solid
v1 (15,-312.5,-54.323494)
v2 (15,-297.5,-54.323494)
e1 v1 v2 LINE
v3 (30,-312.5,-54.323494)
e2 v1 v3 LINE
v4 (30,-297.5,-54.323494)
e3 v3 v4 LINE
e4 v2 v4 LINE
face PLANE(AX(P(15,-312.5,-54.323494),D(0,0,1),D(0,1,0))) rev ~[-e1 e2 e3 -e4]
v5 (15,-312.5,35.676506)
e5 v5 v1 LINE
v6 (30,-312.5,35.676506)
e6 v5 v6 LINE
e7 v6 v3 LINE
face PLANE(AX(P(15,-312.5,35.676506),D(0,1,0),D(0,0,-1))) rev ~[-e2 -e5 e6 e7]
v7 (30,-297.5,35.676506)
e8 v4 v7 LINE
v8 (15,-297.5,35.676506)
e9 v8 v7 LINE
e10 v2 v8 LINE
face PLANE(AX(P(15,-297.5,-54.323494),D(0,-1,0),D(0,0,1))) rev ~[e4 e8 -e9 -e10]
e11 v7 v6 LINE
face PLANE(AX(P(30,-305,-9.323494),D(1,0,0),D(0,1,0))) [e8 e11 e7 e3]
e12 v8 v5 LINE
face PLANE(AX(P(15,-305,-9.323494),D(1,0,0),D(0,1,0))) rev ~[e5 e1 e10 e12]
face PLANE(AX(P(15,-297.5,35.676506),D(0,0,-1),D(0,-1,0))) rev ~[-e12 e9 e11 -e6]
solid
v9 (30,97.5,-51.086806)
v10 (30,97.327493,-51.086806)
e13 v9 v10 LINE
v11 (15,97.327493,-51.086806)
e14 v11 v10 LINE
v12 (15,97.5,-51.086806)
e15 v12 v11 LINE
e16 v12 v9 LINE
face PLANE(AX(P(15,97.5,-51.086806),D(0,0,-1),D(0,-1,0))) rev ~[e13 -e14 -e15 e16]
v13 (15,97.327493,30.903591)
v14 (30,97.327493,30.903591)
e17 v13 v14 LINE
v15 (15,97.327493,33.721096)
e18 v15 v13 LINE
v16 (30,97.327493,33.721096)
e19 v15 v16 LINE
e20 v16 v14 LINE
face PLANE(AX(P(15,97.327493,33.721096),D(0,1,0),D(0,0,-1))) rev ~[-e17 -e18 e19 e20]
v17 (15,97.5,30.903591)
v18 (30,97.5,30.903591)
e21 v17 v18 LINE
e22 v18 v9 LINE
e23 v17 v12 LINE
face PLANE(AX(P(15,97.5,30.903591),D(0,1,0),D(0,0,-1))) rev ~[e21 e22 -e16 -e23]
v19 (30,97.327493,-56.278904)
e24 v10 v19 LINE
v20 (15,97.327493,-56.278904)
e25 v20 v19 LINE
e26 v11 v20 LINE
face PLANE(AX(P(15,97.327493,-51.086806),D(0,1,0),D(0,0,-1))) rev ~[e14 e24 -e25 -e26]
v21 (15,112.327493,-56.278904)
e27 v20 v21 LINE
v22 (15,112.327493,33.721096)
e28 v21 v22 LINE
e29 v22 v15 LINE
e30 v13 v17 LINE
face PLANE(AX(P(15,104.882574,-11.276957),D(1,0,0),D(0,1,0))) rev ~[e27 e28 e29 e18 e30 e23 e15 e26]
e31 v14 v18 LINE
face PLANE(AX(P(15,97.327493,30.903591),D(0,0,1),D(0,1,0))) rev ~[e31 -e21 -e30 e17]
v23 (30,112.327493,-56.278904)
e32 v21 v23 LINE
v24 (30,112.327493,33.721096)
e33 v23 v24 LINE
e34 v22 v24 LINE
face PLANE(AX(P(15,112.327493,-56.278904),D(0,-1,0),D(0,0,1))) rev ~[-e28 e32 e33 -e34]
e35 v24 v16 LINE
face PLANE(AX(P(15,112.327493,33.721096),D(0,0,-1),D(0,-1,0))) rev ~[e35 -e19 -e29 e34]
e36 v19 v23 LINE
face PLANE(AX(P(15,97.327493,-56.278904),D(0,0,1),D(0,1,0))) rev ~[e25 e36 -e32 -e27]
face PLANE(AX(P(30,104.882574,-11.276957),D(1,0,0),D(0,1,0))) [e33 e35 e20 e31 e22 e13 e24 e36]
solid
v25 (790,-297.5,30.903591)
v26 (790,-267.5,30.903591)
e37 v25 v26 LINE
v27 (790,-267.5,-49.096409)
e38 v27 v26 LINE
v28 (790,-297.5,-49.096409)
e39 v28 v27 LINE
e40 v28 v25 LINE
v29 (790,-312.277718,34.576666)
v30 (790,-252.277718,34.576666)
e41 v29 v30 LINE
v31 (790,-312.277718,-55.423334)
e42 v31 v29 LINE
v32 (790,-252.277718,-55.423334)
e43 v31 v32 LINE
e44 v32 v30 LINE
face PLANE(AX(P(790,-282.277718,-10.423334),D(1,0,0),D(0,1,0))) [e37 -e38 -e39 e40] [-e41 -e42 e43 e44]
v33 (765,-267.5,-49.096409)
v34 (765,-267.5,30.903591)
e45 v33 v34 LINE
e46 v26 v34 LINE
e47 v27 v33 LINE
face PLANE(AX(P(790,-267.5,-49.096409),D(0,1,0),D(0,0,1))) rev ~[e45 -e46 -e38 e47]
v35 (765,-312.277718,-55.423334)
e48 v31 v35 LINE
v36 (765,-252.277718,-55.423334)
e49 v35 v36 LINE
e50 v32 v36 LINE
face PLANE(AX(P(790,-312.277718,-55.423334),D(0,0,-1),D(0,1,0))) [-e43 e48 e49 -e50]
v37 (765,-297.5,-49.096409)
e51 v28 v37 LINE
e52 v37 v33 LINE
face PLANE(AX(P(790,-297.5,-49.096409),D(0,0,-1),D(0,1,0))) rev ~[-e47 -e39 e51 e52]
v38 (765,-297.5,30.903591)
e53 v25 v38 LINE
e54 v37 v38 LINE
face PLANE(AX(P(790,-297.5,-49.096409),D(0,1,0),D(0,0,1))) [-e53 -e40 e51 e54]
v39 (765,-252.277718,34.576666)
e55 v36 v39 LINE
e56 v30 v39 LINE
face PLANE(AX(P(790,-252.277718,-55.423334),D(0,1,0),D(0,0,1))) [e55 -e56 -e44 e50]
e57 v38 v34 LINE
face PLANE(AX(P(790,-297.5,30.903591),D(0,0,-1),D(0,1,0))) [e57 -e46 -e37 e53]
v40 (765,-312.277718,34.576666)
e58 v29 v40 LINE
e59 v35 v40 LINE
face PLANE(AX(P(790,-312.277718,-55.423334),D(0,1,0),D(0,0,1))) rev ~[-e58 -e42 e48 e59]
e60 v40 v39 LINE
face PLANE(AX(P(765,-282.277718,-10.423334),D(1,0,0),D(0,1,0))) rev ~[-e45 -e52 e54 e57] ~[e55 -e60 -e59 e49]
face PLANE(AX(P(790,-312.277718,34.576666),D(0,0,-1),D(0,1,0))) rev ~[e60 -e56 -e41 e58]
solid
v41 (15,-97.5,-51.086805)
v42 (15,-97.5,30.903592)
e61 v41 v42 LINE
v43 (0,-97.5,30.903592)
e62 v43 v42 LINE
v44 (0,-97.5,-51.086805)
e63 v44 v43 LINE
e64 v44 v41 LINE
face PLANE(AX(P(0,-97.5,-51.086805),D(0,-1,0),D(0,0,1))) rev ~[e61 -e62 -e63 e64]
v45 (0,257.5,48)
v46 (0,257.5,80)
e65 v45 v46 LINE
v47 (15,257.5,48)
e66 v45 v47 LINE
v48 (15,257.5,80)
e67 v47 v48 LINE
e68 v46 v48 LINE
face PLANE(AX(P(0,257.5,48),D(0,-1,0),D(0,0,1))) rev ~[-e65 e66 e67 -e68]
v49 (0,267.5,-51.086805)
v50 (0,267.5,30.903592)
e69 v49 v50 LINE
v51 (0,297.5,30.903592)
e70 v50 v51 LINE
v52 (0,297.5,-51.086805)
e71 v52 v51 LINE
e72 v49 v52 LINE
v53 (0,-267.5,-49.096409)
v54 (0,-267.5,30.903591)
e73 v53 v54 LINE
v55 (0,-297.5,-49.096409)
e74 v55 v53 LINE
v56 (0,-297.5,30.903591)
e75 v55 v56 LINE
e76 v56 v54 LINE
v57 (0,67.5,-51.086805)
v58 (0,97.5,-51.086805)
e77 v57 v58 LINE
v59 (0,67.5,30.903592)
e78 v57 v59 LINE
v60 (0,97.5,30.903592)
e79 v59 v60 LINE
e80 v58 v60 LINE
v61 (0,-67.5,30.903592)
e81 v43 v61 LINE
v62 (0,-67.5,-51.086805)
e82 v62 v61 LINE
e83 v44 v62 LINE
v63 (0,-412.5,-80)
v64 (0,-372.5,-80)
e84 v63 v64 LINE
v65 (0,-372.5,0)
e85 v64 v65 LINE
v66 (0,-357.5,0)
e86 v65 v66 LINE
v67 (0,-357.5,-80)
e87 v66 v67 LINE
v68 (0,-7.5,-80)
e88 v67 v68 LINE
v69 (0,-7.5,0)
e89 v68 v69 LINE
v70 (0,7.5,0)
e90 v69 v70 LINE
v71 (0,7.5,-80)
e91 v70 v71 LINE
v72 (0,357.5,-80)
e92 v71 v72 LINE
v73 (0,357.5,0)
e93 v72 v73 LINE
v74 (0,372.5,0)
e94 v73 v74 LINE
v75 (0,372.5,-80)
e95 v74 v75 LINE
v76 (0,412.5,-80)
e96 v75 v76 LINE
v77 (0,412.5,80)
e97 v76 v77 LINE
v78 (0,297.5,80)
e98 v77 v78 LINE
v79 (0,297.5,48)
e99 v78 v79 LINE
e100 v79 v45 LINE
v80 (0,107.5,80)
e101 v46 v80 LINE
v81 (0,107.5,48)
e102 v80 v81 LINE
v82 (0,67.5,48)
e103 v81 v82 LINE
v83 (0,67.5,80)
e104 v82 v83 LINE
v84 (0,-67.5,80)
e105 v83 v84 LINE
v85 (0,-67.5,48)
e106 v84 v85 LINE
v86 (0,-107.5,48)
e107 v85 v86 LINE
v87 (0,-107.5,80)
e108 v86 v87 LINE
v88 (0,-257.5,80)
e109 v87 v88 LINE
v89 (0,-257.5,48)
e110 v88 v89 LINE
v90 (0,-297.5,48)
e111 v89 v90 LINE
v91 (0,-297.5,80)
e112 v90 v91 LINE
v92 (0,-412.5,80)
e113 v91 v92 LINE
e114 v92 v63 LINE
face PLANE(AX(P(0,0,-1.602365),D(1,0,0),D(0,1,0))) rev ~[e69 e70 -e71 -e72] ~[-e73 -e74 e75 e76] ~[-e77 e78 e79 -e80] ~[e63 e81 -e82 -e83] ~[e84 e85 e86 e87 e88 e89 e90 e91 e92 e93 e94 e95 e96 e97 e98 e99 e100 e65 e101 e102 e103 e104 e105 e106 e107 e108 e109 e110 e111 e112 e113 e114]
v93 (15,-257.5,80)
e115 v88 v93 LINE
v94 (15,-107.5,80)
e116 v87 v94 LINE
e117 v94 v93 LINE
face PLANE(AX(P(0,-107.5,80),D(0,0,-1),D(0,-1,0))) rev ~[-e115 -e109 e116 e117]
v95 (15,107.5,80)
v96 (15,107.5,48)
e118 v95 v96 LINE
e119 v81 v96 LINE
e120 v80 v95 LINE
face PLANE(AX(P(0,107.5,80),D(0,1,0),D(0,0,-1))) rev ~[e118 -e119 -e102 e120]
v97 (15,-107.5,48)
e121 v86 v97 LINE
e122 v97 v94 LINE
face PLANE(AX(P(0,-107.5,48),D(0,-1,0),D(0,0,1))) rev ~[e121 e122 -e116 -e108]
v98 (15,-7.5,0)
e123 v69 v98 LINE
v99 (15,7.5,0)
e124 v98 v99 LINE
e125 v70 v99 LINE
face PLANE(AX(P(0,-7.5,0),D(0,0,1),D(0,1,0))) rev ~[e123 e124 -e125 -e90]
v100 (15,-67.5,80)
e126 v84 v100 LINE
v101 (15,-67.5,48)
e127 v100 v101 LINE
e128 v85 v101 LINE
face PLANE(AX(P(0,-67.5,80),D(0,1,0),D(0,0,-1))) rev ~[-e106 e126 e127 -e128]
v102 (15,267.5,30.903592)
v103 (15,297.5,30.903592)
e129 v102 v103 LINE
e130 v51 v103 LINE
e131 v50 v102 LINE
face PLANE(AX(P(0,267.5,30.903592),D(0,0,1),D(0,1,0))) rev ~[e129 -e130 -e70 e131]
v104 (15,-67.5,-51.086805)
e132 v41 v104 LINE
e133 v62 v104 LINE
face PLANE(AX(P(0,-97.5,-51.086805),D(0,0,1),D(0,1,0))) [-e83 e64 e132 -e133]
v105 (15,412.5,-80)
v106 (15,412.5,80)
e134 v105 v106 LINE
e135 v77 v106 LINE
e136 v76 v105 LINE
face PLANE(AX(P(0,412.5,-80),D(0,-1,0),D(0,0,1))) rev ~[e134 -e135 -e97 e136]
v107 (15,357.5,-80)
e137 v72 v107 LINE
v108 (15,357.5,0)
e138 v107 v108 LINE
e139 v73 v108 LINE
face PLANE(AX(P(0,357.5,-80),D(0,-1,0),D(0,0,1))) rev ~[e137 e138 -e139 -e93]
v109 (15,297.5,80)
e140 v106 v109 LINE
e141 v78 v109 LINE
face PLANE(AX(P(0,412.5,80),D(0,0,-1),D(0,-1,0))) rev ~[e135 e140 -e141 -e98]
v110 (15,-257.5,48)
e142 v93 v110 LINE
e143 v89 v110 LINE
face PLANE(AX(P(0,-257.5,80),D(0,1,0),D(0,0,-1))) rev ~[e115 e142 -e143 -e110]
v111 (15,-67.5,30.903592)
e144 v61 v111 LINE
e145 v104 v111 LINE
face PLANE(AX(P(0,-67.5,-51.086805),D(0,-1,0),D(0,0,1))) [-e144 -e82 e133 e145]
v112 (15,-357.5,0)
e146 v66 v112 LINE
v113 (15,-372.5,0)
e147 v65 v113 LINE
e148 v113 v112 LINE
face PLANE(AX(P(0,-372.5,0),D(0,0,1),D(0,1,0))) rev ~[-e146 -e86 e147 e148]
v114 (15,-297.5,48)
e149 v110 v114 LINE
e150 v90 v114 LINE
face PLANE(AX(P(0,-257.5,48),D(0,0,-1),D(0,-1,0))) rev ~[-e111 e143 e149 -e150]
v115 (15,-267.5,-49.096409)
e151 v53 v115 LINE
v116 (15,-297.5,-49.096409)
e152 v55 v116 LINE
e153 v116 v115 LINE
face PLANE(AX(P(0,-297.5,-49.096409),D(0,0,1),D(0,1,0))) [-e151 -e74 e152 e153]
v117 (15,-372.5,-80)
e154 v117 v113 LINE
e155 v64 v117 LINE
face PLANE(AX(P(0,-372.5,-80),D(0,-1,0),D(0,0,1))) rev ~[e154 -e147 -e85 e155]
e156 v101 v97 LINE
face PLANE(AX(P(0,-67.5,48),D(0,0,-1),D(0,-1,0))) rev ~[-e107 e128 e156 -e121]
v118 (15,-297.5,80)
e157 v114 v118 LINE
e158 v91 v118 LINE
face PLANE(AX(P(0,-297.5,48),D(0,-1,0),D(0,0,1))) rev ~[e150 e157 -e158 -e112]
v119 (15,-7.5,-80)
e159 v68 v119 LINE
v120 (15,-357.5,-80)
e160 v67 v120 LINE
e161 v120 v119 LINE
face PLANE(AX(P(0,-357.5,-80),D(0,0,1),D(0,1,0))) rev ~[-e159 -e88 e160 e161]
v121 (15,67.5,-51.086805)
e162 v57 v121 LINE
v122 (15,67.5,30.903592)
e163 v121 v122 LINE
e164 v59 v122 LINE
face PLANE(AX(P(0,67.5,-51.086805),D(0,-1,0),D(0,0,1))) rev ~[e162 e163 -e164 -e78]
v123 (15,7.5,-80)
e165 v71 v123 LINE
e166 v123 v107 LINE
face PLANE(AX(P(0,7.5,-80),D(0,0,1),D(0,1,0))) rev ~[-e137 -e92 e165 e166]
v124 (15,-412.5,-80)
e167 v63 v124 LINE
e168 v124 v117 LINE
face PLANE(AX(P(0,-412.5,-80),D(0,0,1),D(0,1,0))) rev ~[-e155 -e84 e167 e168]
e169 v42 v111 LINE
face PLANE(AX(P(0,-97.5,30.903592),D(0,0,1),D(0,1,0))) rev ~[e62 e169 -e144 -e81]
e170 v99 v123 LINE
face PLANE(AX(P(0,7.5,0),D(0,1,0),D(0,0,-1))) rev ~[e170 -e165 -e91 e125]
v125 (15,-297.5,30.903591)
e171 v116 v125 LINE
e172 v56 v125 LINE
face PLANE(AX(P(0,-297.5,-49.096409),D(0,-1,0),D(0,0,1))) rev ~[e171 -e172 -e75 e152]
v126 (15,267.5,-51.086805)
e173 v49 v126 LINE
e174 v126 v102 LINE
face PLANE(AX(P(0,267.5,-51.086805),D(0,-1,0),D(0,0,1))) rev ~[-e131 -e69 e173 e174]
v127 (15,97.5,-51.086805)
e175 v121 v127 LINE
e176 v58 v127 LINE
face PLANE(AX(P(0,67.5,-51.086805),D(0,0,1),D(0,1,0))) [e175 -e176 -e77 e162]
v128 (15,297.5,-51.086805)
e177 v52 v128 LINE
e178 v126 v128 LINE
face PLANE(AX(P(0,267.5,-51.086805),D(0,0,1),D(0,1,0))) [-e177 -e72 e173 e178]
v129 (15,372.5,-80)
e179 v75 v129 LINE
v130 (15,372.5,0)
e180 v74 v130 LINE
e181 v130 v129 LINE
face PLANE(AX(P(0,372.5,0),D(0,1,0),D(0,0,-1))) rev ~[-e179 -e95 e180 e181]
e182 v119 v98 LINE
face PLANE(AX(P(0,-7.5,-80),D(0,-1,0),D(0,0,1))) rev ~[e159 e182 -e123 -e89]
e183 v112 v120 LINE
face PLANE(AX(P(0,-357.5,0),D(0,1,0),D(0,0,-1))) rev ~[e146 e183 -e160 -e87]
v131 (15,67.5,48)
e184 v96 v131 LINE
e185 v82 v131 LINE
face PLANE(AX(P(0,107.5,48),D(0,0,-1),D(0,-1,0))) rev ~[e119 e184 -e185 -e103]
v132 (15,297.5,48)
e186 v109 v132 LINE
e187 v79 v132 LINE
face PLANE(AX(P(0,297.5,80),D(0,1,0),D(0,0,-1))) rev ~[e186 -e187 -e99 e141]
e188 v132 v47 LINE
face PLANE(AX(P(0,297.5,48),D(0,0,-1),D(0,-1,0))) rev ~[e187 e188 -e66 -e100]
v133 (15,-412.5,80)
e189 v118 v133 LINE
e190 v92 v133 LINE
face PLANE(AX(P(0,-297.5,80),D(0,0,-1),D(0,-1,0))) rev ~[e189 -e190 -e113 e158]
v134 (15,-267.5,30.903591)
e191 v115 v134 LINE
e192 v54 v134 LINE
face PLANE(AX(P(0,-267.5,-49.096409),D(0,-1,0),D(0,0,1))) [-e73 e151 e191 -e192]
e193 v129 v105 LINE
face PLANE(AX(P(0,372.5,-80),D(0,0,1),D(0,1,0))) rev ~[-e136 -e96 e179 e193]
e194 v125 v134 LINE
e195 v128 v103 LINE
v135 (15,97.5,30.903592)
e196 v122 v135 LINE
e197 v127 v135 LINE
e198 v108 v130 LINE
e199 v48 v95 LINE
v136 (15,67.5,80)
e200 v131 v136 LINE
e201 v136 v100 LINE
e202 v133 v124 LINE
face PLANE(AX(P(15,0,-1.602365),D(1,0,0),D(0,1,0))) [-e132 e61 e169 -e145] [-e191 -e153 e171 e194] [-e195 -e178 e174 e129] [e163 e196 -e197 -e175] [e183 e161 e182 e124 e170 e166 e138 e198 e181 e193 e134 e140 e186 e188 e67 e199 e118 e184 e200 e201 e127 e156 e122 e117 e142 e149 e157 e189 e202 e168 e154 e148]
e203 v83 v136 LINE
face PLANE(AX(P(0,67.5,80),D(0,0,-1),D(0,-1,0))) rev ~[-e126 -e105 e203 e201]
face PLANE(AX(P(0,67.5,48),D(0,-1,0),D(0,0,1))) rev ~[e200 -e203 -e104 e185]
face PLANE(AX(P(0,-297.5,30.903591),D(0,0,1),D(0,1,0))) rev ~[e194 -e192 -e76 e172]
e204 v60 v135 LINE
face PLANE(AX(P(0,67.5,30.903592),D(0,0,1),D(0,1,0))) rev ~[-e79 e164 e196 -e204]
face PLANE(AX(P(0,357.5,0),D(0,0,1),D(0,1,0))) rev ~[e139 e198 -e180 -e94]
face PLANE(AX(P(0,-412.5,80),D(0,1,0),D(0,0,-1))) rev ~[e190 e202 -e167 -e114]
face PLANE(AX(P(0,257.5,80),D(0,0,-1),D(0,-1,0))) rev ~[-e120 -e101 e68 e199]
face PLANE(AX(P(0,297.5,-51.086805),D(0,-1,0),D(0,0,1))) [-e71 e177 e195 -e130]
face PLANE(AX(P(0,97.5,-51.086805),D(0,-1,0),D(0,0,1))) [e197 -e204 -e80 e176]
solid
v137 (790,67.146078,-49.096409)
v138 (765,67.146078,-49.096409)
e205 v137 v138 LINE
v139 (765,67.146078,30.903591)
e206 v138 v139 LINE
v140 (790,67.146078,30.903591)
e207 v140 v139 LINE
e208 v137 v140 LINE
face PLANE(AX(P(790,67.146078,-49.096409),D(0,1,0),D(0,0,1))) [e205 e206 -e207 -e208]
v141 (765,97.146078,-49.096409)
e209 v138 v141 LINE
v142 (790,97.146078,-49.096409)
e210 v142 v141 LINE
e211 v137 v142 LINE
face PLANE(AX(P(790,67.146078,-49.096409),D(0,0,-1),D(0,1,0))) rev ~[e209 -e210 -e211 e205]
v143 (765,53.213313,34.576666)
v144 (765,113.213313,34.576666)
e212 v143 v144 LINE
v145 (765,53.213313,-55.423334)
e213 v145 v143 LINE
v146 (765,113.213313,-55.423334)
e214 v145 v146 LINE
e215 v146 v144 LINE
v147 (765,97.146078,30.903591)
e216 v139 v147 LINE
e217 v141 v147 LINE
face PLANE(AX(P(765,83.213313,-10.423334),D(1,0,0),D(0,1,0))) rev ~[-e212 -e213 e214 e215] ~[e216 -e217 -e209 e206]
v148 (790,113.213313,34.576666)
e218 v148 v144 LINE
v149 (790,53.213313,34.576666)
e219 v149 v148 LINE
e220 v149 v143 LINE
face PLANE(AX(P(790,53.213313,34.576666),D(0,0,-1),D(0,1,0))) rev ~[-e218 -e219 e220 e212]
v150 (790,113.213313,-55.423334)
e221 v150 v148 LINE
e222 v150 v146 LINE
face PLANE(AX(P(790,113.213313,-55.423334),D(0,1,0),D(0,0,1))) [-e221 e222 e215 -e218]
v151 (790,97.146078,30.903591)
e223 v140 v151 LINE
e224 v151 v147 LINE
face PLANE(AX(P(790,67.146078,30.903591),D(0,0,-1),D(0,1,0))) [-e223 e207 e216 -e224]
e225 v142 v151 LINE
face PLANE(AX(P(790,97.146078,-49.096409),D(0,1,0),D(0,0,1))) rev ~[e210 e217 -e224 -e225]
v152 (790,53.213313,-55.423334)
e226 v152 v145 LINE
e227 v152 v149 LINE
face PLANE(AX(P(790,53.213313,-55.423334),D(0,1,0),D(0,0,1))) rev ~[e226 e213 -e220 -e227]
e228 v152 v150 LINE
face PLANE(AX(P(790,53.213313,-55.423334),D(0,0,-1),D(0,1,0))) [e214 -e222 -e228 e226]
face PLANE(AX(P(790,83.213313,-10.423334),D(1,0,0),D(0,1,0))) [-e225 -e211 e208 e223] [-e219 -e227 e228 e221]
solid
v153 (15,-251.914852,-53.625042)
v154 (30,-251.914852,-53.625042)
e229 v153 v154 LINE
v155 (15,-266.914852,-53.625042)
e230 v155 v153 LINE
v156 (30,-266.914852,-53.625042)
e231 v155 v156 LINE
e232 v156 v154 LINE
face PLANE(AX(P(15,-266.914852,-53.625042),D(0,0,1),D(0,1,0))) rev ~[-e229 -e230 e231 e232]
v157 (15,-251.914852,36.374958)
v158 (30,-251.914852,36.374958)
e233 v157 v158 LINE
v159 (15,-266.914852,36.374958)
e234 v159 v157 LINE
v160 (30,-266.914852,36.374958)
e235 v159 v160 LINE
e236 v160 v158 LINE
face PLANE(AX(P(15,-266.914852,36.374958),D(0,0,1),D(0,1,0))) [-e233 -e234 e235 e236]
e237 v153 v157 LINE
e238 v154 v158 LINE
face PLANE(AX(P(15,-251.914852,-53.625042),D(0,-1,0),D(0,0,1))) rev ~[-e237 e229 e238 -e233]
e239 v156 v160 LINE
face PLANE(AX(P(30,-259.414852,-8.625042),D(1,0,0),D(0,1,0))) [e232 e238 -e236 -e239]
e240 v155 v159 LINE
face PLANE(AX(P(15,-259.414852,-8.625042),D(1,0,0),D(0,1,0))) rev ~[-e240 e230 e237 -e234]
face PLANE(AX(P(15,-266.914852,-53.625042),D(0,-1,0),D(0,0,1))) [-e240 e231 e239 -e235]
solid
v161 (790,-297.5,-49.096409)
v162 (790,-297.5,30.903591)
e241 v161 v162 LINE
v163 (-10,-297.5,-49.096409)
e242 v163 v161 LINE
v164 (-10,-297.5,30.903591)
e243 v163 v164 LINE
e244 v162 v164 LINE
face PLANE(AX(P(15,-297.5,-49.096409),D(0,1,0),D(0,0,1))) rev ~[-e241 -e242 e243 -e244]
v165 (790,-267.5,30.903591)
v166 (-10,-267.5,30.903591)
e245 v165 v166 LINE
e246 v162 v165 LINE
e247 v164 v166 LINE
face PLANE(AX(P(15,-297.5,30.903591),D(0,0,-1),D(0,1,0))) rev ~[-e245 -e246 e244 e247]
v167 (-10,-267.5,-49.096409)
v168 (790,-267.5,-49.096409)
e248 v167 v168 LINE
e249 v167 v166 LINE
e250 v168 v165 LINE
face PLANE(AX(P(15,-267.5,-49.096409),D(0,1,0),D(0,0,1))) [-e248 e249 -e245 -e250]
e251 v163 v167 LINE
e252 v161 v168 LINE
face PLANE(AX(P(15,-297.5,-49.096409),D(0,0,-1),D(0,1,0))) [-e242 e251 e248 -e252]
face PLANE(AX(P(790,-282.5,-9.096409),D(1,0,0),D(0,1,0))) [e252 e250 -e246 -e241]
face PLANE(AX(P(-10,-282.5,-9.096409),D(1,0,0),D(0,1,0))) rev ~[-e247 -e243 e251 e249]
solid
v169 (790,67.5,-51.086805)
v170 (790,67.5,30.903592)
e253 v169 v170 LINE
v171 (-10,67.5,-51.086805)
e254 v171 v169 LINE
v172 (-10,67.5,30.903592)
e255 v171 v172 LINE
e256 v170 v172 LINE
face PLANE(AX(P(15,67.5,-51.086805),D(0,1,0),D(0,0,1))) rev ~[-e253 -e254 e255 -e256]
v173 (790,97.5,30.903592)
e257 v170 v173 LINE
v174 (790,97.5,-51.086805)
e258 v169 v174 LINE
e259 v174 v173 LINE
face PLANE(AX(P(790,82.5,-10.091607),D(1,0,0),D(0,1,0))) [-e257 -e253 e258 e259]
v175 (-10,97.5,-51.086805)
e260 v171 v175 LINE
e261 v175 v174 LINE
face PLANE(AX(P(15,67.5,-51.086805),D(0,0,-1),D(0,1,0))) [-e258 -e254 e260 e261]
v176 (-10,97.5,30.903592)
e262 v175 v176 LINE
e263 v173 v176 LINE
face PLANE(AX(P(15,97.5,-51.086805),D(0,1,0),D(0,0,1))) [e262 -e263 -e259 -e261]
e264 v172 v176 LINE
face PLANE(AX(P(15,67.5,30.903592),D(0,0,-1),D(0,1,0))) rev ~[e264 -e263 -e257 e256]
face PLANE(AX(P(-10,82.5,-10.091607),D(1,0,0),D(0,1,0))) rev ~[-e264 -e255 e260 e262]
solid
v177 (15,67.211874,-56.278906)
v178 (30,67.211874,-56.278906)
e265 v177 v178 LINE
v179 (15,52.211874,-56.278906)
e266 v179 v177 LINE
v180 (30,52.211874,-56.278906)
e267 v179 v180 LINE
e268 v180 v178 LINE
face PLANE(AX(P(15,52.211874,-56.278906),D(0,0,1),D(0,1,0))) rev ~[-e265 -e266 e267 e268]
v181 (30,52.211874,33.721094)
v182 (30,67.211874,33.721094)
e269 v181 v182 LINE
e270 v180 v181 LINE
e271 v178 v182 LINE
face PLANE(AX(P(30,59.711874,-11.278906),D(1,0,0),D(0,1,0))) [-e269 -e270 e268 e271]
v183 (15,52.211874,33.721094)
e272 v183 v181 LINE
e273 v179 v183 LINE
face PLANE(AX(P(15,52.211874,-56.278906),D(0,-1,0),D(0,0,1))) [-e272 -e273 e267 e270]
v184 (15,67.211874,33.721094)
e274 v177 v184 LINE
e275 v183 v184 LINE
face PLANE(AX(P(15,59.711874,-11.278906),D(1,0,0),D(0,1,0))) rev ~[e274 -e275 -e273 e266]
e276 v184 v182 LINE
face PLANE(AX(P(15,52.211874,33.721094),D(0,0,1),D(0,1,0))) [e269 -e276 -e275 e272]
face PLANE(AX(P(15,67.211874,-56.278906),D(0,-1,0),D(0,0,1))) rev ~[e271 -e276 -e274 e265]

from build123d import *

# Parameters (mm, degrees)
F0_W          = 30
F0_H          = 80
F0_H_2        = 81.990397
F1_DEPTH      = 15
F2_W          = 15
F2_H          = 90
F3_DEPTH      = 15
F4_W          = 30
F4_H          = 81.990397
F4_H_2        = 80
F5_DEPTH      = 775
F5_DEPTH_BACK = 25
F6_W          = 60
F6_H          = 90
F6_W_2        = 30
F6_H_2        = 80
F7_DEPTH      = 25


with BuildPart() as f1:
    # F0 (on Right) → F1 (new body)
    with BuildSketch(Plane.YZ):
        Polygon((-297.5, 80), (-412.5, 80), (-412.5, -80), (-372.5, -80), (-372.5, 0), (-357.5, 0), (-357.5, -80), (-332.5, -80), (-7.5, -80), (-7.5, 0), (7.5, 0), (7.5, -80), (332.5, -80), (357.5, -80), (357.5, 0), (372.5, 0), (372.5, -80), (412.5, -80), (412.5, 80), (297.5, 80), (297.5, 48), (257.5, 48), (257.5, 80), (107.5, 80), (107.5, 48), (67.5, 48), (67.5, 80), (-67.5, 80), (-67.5, 48), (-107.5, 48), (-107.5, 80), (-257.5, 80), (-257.5, 48), (-297.5, 48), align=None)
        with Locations((-282.5, -9.096409)):
            Rectangle(F0_W, F0_H, mode=Mode.SUBTRACT)
        with Locations((-82.5, -10.091607)):
            Rectangle(F0_W, F0_H_2, mode=Mode.SUBTRACT)
        with Locations((82.5, -10.091607)):
            Rectangle(F0_W, F0_H_2, mode=Mode.SUBTRACT)
        with Locations((282.5, -10.091607)):
            Rectangle(F0_W, F0_H_2, mode=Mode.SUBTRACT)
    extrude(amount=F1_DEPTH)


with BuildPart() as f3:
    # F2 (on face) → F3 (new body)
    with BuildSketch(Plane.YZ.offset(15)):
        Polygon((-297.5, 30.903591), (-297.5, 35.676506), (-312.5, 35.676506), (-312.5, -54.323494), (-297.5, -54.323494), (-297.5, -49.096409), align=None)
        with Locations((-259.414852, -8.625042)):
            Rectangle(F2_W, F2_H)
        with Locations((59.711874, -11.278906)):
            Rectangle(F2_W, F2_H)
        Polygon((112.327493, -56.278904), (112.327493, 33.721096), (97.327493, 33.721096), (97.327493, 30.903591), (97.5, 30.903591), (97.5, -51.086806), (97.327493, -51.086806), (97.327493, -56.278904), align=None)
    extrude(amount=F3_DEPTH)


with BuildPart() as f5:
    # F4 (on face) → F5 (new body, two sides)
    with BuildSketch(Plane.YZ.offset(15)) as f5_sk:
        with Locations((82.5, -10.091607)):
            Rectangle(F4_W, F4_H)
        with Locations((-282.5, -9.096409)):
            Rectangle(F4_W, F4_H_2)
    extrude(amount=F5_DEPTH)
    extrude(f5_sk.sketch, amount=-F5_DEPTH_BACK)


with BuildPart() as f7:
    # F6 (on face) → F7 (new body)
    with BuildSketch(Plane.YZ.offset(790)):
        with Locations((-282.277718, -10.423334)):
            Rectangle(F6_W, F6_H)
        with Locations((-282.5, -9.096409)):
            Rectangle(F6_W_2, F6_H_2, mode=Mode.SUBTRACT)
        with Locations((83.213313, -10.423334)):
            Rectangle(F6_W, F6_H)
        with Locations((82.146078, -9.096409)):
            Rectangle(F6_W_2, F6_H_2, mode=Mode.SUBTRACT)
    extrude(amount=-F7_DEPTH)


solid = Compound([f1.part, f3.part, f5.part, f7.part])
